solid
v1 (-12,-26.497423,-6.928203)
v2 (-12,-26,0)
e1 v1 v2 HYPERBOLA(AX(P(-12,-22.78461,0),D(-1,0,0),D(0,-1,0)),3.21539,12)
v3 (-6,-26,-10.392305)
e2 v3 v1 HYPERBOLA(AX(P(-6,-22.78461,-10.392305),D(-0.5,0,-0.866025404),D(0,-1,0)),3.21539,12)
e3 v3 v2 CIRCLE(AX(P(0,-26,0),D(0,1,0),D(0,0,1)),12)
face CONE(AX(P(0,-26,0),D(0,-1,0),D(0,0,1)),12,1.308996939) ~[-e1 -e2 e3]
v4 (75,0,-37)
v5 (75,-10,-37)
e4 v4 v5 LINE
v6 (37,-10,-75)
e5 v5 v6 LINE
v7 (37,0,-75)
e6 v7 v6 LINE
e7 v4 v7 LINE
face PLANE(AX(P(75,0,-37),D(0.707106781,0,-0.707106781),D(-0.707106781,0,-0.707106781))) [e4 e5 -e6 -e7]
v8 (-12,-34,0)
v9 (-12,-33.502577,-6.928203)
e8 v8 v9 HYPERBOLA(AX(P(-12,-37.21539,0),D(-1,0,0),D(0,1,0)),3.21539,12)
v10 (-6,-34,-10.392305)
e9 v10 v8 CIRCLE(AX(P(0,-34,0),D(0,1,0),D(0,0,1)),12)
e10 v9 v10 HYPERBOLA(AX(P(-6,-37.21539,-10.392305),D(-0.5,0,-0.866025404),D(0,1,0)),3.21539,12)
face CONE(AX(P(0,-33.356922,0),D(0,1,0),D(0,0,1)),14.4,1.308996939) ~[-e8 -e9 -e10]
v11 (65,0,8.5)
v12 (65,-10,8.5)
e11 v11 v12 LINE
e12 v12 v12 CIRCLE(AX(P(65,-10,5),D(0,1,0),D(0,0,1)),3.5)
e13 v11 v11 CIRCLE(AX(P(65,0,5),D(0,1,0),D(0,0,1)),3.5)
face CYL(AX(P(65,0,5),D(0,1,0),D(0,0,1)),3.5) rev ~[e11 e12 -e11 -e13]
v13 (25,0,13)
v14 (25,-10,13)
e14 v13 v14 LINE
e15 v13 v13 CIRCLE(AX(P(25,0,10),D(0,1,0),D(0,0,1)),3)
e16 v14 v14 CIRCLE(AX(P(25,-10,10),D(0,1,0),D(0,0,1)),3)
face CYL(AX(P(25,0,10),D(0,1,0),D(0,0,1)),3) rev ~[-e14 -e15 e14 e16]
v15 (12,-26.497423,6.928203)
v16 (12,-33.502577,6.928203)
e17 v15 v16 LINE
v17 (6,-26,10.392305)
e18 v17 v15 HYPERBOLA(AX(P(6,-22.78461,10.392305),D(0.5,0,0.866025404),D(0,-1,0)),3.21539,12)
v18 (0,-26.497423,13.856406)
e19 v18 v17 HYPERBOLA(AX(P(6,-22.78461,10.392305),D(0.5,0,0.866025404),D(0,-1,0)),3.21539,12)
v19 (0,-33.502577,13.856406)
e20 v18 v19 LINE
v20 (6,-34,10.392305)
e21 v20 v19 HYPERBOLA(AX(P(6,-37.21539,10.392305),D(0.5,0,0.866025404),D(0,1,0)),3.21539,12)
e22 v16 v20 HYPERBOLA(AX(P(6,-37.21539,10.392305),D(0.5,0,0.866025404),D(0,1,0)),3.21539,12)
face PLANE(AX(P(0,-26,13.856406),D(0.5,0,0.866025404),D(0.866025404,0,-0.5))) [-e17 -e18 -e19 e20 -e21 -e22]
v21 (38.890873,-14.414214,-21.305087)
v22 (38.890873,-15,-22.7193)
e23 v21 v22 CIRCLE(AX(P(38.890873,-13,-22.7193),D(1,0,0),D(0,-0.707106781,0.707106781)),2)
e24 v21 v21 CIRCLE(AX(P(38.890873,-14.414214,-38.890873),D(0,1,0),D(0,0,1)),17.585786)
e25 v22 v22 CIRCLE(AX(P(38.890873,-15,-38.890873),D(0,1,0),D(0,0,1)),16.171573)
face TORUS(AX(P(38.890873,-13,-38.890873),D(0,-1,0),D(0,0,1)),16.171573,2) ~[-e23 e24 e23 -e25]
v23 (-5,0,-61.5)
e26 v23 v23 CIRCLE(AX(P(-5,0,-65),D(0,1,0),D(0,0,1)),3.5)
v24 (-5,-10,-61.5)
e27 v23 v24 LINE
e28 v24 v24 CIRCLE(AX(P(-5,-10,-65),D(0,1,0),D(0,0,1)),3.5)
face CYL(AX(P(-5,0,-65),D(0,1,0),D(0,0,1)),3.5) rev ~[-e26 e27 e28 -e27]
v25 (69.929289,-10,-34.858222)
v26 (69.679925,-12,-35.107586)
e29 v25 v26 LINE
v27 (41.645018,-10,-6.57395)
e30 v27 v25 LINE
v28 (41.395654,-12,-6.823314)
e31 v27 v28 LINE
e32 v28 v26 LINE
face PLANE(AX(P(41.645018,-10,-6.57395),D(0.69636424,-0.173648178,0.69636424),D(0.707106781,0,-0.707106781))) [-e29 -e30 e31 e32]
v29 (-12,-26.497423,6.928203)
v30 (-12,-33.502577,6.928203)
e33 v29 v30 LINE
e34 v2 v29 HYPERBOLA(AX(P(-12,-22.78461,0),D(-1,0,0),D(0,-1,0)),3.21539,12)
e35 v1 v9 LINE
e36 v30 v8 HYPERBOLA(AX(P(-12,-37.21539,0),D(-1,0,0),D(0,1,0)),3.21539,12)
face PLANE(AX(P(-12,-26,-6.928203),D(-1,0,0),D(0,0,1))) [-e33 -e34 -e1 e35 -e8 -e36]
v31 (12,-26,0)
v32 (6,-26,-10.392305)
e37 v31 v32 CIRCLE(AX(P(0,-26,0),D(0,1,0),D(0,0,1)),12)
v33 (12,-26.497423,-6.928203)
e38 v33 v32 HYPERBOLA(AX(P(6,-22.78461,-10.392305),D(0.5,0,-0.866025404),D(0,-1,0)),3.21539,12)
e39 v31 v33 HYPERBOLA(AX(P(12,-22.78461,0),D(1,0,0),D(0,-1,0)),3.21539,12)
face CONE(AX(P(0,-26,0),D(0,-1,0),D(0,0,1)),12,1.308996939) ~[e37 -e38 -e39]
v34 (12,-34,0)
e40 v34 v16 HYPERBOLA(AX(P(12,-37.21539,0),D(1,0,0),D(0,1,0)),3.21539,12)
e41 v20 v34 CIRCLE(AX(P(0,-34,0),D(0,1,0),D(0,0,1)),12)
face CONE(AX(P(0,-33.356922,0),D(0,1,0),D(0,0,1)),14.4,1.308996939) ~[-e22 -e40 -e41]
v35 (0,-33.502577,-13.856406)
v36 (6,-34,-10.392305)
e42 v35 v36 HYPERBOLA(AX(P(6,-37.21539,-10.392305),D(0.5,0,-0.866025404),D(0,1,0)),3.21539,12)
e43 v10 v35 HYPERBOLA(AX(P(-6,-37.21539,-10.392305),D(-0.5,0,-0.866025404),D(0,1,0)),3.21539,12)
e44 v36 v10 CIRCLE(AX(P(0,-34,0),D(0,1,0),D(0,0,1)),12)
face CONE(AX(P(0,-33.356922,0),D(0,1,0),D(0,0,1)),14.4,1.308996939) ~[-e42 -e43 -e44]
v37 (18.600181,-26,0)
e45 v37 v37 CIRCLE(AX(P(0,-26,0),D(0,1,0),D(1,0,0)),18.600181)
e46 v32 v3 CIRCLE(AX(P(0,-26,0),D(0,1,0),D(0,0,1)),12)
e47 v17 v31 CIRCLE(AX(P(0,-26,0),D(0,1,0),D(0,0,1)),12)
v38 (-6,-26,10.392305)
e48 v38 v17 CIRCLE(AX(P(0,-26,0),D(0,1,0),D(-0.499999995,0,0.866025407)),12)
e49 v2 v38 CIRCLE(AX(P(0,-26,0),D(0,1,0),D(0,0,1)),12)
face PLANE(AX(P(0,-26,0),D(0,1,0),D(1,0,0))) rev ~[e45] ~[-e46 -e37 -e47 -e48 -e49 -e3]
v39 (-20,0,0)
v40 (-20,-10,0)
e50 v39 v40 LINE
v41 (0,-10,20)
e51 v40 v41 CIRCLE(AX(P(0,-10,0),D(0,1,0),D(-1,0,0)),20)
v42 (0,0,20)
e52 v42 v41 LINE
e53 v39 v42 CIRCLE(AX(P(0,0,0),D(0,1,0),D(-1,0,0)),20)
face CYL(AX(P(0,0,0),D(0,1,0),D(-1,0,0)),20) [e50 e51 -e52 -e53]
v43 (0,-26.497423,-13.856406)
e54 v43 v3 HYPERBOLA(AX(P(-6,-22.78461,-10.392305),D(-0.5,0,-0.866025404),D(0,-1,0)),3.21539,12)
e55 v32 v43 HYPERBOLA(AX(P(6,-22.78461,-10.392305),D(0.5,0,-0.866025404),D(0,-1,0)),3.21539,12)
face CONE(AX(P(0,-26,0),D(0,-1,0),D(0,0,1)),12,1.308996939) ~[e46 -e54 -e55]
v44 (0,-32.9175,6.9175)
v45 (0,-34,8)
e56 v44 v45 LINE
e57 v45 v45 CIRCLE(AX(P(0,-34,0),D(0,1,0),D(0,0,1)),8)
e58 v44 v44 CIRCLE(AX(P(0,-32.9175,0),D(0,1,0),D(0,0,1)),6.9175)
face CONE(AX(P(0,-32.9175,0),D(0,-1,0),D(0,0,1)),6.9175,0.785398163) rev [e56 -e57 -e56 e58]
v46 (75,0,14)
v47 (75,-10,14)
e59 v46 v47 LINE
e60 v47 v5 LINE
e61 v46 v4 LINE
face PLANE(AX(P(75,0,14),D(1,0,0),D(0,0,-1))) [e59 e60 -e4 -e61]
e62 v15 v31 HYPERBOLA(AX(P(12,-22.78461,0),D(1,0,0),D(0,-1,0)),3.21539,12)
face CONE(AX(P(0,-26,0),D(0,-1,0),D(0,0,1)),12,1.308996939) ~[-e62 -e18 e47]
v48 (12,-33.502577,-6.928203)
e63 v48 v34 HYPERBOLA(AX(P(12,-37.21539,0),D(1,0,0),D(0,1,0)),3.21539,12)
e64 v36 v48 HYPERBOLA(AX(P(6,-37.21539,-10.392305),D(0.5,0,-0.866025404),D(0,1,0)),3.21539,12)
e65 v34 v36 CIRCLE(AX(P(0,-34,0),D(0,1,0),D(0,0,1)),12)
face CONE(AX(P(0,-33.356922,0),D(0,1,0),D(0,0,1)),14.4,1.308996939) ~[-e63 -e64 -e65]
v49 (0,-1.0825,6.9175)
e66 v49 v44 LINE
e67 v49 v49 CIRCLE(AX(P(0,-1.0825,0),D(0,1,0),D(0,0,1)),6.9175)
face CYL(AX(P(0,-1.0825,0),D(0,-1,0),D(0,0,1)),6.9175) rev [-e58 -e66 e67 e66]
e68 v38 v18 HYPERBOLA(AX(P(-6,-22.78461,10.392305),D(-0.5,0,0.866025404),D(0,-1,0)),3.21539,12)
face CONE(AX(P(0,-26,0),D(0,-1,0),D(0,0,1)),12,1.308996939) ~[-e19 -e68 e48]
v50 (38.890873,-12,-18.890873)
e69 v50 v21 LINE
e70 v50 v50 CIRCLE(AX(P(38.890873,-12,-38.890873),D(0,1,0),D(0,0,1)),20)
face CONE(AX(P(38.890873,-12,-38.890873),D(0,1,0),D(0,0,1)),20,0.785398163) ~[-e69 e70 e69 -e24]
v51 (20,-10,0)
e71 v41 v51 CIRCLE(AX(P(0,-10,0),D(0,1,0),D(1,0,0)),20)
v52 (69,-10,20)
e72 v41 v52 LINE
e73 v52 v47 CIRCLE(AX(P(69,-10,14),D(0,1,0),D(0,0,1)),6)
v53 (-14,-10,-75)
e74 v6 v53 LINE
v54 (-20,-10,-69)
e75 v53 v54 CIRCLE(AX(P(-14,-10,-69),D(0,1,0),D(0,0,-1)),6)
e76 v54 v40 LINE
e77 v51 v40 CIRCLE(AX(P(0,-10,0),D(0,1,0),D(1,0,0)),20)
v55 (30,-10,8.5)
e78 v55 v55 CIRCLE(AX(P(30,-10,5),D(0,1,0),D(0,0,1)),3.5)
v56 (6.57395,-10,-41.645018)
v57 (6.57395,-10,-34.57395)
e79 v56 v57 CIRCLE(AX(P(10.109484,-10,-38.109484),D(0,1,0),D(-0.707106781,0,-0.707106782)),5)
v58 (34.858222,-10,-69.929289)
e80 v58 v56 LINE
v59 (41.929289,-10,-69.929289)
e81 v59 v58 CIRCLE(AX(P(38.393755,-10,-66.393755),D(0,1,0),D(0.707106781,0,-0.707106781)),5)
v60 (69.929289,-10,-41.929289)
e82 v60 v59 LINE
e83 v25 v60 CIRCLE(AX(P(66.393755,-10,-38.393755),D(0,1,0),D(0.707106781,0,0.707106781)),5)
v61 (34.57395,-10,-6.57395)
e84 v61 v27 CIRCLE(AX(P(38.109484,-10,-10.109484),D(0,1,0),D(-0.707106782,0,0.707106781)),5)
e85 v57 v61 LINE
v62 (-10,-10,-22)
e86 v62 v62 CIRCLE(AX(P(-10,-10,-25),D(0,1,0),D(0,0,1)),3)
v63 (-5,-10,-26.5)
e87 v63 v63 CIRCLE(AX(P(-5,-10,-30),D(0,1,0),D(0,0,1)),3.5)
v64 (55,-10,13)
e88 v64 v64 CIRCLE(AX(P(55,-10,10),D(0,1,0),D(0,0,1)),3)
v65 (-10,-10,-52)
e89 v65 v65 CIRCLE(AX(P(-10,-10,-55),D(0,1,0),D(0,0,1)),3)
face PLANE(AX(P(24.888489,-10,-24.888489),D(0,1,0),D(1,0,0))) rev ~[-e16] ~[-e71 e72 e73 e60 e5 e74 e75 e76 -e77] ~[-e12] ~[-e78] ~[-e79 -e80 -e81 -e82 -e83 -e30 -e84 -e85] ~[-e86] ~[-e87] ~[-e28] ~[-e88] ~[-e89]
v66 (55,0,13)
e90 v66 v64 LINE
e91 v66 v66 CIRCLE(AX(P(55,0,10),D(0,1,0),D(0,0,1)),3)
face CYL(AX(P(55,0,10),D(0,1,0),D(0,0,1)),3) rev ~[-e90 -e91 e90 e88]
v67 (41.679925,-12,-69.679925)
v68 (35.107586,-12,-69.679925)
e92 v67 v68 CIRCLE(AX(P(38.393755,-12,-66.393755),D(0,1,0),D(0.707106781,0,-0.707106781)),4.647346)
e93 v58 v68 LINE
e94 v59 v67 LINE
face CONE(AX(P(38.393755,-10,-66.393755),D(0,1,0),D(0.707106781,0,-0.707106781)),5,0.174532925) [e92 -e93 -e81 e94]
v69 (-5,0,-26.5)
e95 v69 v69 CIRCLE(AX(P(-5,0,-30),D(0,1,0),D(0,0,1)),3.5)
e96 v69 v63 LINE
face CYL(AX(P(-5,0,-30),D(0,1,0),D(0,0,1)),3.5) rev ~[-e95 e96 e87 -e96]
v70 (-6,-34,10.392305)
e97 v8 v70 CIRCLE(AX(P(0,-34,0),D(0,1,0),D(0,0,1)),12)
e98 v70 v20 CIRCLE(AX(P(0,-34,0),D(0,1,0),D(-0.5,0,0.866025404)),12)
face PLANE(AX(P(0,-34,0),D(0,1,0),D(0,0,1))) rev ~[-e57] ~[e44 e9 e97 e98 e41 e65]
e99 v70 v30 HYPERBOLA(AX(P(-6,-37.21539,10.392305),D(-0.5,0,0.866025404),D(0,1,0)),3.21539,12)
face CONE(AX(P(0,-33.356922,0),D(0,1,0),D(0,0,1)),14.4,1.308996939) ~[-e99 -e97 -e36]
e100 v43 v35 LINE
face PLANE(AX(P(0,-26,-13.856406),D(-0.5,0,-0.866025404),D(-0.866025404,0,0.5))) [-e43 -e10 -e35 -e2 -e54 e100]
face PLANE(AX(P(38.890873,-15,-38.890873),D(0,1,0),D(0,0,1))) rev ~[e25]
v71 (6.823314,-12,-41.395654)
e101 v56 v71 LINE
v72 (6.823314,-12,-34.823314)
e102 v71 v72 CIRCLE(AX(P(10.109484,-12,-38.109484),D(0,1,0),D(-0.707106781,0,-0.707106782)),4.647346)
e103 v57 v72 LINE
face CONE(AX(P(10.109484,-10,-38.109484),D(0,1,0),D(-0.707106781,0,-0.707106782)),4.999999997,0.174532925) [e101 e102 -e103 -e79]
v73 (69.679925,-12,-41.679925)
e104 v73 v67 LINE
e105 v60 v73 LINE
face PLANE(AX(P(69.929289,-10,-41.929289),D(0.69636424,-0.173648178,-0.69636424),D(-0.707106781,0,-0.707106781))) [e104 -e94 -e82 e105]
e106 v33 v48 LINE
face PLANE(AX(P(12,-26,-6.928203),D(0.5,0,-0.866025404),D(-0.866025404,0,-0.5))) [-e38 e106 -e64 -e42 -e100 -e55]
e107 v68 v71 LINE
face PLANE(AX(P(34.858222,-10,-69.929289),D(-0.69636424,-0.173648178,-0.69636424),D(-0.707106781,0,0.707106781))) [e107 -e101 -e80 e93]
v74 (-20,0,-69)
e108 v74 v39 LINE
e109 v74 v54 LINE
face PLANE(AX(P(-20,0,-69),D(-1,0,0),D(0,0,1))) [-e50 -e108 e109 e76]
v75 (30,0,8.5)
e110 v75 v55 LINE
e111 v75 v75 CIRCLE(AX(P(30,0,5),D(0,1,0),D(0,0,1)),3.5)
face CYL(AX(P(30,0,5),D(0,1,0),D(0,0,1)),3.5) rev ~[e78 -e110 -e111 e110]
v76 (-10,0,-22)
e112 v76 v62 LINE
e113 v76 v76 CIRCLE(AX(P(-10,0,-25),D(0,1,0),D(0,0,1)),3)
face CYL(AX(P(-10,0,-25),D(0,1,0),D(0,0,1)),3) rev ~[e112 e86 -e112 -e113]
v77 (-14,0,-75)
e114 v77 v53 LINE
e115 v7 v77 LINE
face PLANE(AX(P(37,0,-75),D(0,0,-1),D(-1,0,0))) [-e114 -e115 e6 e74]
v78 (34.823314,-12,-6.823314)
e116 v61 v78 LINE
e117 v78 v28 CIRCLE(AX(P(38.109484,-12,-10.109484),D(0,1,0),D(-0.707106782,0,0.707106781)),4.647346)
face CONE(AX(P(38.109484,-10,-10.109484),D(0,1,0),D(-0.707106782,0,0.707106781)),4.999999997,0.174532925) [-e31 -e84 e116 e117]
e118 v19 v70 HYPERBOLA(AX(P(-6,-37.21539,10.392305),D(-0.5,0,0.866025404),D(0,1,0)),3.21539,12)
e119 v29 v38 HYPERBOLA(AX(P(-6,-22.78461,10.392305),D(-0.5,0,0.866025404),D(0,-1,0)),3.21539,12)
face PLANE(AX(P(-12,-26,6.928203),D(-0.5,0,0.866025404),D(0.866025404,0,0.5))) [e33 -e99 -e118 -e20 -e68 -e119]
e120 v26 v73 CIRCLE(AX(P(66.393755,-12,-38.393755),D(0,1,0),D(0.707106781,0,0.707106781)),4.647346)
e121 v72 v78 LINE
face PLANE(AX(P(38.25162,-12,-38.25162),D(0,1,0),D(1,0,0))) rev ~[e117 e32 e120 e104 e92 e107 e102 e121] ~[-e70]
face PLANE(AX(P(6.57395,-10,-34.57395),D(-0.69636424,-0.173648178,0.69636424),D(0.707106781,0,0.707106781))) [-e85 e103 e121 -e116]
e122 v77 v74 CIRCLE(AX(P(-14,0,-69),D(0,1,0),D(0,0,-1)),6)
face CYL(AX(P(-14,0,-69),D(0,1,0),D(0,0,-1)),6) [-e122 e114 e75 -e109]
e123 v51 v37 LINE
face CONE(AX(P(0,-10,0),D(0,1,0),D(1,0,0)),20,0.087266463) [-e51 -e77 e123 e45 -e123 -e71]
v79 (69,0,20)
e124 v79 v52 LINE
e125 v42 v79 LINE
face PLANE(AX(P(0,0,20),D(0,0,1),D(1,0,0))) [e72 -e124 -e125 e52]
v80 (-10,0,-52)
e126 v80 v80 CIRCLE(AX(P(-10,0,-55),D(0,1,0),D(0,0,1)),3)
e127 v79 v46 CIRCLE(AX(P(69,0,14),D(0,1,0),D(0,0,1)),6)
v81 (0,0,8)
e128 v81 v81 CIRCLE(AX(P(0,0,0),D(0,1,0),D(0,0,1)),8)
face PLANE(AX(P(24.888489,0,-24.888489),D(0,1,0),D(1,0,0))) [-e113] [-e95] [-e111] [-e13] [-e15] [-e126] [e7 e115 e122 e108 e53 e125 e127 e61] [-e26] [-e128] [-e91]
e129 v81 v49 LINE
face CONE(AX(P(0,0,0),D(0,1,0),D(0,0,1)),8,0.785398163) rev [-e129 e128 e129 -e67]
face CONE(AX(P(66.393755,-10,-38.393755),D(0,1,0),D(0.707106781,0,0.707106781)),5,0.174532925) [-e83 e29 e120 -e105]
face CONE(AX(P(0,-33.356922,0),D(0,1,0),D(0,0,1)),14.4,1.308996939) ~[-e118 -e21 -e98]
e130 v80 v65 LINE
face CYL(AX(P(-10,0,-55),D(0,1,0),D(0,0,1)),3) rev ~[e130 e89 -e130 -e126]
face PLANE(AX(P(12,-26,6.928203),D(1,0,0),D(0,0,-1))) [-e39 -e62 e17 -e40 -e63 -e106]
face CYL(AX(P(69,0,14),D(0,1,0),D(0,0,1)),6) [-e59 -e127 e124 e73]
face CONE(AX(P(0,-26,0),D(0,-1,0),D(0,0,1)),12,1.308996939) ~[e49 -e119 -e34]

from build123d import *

# Parameters (mm, degrees)
SKETCH_1_R          = 3.5
SKETCH_1_R_2        = 3
EXTRUDE_1_DEPTH     = 10
SKETCH_2_R          = 20
EXTRUDE_2_DEPTH     = 16
EXTRUDE_2_DRAFT     = -5
SKETCH_4_W          = 48
SKETCH_4_H          = 48
CUT_EXTRUDE_1_DEPTH = 16
EXTRUDE_3_DEPTH     = 2
EXTRUDE_3_DRAFT     = -10


with BuildPart() as part:
    # 草图1 → 凸台-拉伸1 (new body)
    with BuildSketch(Plane(origin=(0, 0, 0), x_dir=(1, 0, 0), z_dir=(0, 1, 0))):
        with BuildLine():
            Line((0, -20), (69, -20))
            ThreePointArc((69, -20), (73.242640687, -18.242640687), (75, -14))
            Line((75, -14), (75, 37))
            Line((75, 37), (37, 75))
            Line((37, 75), (-14, 75))
            ThreePointArc((-14, 75), (-18.242640687, 73.242640687), (-20, 69))
            Line((-20, 69), (-20, 0))
            ThreePointArc((-20, 0), (-14.142135624, -14.142135624), (0, -20))
        make_face()
        with Locations((65, -5)):
            Circle(SKETCH_1_R, mode=Mode.SUBTRACT)
        with Locations((55, -10)):
            Circle(SKETCH_1_R_2, mode=Mode.SUBTRACT)
        with Locations((30, -5)):
            Circle(SKETCH_1_R, mode=Mode.SUBTRACT)
        with Locations((25, -10)):
            Circle(SKETCH_1_R_2, mode=Mode.SUBTRACT)
        with Locations((-5, 30)):
            Circle(SKETCH_1_R, mode=Mode.SUBTRACT)
        with Locations((-5, 65)):
            Circle(SKETCH_1_R, mode=Mode.SUBTRACT)
        with Locations((-10, 25)):
            Circle(SKETCH_1_R_2, mode=Mode.SUBTRACT)
        with Locations((-10, 55)):
            Circle(SKETCH_1_R_2, mode=Mode.SUBTRACT)
    extrude(amount=-EXTRUDE_1_DEPTH)


with BuildPart() as extrude_2_tool:
    # 草图2 → 凸台-拉伸2 (with draft: the straight prism first)
    with BuildSketch(Plane(origin=(0, -10, 0), x_dir=(1, 0, 0), z_dir=(0, 1, 0))):
        Circle(SKETCH_2_R)
    extrude(amount=-EXTRUDE_2_DEPTH)
    # 凸台-拉伸2: the draft: its side faces are tilted about the plane it starts from
    extrude_2_sides = [extrude_2_tool.faces().sort_by_distance(p)[0] for p in [
        (-20, -18, 0),
    ]]
    draft(extrude_2_sides, Plane(origin=(0, -10, 0), x_dir=(1, 0, 0), z_dir=(0, 1, 0)), EXTRUDE_2_DRAFT)


with BuildPart() as part_1:
    add(part.part)

    # 凸台-拉伸2: add extrude_2_tool
    add(extrude_2_tool.part)

    # 草图3 → 旋转1 (revolve)
    with BuildSketch(Plane.XY):
        Polygon((0, -26), (12, -26), (14.4, -26.643078062), (14.4, -33.356921938), (12, -34), (0, -34), align=None)
    revolve(axis=Axis((0, -34, 0), (0, 1, 0)))

    # 草图4 → 切除-拉伸1 (cut)
    with BuildSketch(Plane(origin=(0, -26, 0), x_dir=(1, 0, 0), z_dir=(0, 1, 0))):
        Rectangle(SKETCH_4_W, SKETCH_4_H)
        Polygon((-12, -6.92820323), (0, -13.856406461), (12, -6.92820323), (12, 6.92820323), (0, 13.856406461), (-12, 6.92820323), align=None, mode=Mode.SUBTRACT)
    extrude(amount=-CUT_EXTRUDE_1_DEPTH, mode=Mode.SUBTRACT)

    # 草图5 → 切除-旋转1 (revolve, cut)
    with BuildSketch(Plane.XY):
        Polygon((0, 0), (8, 0), (6.9175, -1.0825), (6.9175, -32.9175), (8, -34), (0, -34), align=None)
    revolve(axis=Axis((0, -34, 0), (0, 1, 0)), mode=Mode.SUBTRACT)


with BuildPart() as extrude_3_tool:
    # 草图6 → 凸台-拉伸3 (with draft: the straight prism first)
    with BuildSketch(Plane(origin=(0, -10, 0), x_dir=(1, 0, 0), z_dir=(0, 1, 0))):
        with BuildLine():
            Line((6.573950263, 34.573950263), (34.573950263, 6.573950263))
            ThreePointArc((34.573950263, 6.573950263), (38.109484168, 5.109484168), (41.645018074, 6.573950263))
            Line((41.645018074, 6.573950263), (69.929289322, 34.85822151))
            ThreePointArc((69.929289322, 34.85822151), (71.393755416, 38.393755416), (69.929289322, 41.929289322))
            Line((69.929289322, 41.929289322), (41.929289322, 69.929289322))
            ThreePointArc((41.929289322, 69.929289322), (38.393755416, 71.393755416), (34.85822151, 69.929289322))
            Line((34.85822151, 69.929289322), (6.573950263, 41.645018074))
            ThreePointArc((6.573950263, 41.645018074), (5.109484168, 38.109484168), (6.573950263, 34.573950263))
        make_face()
    extrude(amount=-EXTRUDE_3_DEPTH)
    # 凸台-拉伸3: the draft: its side faces are tilted about the plane it starts from
    extrude_3_sides = [extrude_3_tool.faces().sort_by_distance(p)[0] for p in [
        (20.573950263, -11, -20.573950263),
        (38.109484168, -11, -5.109484168),
        (55.787153698, -11, -20.716085886),
        (71.393755416, -11, -38.393755416),
        (55.929289322, -11, -55.929289322),
        (38.393755416, -11, -71.393755416),
        (20.716085886, -11, -55.787153698),
        (5.109484168, -11, -38.109484168),
    ]]
    draft(extrude_3_sides, Plane(origin=(0, -10, 0), x_dir=(1, 0, 0), z_dir=(0, 1, 0)), EXTRUDE_3_DRAFT)


with BuildPart() as part_2:
    add(part_1.part)

    # 凸台-拉伸3: add extrude_3_tool
    add(extrude_3_tool.part)

    # 草图7 → 旋转2 (revolve)
    with BuildSketch(Plane(origin=(0, 0, 0), x_dir=(0.7071067811865476, 0, -0.7071067811865475), z_dir=(0.7071067811865475, 0, 0.7071067811865476))):
        with BuildLine():
            Line((55, -12), (75, -12))
            Line((75, -12), (72.585786438, -14.414213562))
            ThreePointArc((72.585786438, -14.414213562), (71.93693974, -14.847759065), (71.171572875, -15))
            Line((71.171572875, -15), (55, -15))
            Line((55, -15), (55, -12))
        make_face()
    revolve(axis=Axis((38.890872965, -15, -38.890872965), (0, 1, 0)))


solid = part_2.part
